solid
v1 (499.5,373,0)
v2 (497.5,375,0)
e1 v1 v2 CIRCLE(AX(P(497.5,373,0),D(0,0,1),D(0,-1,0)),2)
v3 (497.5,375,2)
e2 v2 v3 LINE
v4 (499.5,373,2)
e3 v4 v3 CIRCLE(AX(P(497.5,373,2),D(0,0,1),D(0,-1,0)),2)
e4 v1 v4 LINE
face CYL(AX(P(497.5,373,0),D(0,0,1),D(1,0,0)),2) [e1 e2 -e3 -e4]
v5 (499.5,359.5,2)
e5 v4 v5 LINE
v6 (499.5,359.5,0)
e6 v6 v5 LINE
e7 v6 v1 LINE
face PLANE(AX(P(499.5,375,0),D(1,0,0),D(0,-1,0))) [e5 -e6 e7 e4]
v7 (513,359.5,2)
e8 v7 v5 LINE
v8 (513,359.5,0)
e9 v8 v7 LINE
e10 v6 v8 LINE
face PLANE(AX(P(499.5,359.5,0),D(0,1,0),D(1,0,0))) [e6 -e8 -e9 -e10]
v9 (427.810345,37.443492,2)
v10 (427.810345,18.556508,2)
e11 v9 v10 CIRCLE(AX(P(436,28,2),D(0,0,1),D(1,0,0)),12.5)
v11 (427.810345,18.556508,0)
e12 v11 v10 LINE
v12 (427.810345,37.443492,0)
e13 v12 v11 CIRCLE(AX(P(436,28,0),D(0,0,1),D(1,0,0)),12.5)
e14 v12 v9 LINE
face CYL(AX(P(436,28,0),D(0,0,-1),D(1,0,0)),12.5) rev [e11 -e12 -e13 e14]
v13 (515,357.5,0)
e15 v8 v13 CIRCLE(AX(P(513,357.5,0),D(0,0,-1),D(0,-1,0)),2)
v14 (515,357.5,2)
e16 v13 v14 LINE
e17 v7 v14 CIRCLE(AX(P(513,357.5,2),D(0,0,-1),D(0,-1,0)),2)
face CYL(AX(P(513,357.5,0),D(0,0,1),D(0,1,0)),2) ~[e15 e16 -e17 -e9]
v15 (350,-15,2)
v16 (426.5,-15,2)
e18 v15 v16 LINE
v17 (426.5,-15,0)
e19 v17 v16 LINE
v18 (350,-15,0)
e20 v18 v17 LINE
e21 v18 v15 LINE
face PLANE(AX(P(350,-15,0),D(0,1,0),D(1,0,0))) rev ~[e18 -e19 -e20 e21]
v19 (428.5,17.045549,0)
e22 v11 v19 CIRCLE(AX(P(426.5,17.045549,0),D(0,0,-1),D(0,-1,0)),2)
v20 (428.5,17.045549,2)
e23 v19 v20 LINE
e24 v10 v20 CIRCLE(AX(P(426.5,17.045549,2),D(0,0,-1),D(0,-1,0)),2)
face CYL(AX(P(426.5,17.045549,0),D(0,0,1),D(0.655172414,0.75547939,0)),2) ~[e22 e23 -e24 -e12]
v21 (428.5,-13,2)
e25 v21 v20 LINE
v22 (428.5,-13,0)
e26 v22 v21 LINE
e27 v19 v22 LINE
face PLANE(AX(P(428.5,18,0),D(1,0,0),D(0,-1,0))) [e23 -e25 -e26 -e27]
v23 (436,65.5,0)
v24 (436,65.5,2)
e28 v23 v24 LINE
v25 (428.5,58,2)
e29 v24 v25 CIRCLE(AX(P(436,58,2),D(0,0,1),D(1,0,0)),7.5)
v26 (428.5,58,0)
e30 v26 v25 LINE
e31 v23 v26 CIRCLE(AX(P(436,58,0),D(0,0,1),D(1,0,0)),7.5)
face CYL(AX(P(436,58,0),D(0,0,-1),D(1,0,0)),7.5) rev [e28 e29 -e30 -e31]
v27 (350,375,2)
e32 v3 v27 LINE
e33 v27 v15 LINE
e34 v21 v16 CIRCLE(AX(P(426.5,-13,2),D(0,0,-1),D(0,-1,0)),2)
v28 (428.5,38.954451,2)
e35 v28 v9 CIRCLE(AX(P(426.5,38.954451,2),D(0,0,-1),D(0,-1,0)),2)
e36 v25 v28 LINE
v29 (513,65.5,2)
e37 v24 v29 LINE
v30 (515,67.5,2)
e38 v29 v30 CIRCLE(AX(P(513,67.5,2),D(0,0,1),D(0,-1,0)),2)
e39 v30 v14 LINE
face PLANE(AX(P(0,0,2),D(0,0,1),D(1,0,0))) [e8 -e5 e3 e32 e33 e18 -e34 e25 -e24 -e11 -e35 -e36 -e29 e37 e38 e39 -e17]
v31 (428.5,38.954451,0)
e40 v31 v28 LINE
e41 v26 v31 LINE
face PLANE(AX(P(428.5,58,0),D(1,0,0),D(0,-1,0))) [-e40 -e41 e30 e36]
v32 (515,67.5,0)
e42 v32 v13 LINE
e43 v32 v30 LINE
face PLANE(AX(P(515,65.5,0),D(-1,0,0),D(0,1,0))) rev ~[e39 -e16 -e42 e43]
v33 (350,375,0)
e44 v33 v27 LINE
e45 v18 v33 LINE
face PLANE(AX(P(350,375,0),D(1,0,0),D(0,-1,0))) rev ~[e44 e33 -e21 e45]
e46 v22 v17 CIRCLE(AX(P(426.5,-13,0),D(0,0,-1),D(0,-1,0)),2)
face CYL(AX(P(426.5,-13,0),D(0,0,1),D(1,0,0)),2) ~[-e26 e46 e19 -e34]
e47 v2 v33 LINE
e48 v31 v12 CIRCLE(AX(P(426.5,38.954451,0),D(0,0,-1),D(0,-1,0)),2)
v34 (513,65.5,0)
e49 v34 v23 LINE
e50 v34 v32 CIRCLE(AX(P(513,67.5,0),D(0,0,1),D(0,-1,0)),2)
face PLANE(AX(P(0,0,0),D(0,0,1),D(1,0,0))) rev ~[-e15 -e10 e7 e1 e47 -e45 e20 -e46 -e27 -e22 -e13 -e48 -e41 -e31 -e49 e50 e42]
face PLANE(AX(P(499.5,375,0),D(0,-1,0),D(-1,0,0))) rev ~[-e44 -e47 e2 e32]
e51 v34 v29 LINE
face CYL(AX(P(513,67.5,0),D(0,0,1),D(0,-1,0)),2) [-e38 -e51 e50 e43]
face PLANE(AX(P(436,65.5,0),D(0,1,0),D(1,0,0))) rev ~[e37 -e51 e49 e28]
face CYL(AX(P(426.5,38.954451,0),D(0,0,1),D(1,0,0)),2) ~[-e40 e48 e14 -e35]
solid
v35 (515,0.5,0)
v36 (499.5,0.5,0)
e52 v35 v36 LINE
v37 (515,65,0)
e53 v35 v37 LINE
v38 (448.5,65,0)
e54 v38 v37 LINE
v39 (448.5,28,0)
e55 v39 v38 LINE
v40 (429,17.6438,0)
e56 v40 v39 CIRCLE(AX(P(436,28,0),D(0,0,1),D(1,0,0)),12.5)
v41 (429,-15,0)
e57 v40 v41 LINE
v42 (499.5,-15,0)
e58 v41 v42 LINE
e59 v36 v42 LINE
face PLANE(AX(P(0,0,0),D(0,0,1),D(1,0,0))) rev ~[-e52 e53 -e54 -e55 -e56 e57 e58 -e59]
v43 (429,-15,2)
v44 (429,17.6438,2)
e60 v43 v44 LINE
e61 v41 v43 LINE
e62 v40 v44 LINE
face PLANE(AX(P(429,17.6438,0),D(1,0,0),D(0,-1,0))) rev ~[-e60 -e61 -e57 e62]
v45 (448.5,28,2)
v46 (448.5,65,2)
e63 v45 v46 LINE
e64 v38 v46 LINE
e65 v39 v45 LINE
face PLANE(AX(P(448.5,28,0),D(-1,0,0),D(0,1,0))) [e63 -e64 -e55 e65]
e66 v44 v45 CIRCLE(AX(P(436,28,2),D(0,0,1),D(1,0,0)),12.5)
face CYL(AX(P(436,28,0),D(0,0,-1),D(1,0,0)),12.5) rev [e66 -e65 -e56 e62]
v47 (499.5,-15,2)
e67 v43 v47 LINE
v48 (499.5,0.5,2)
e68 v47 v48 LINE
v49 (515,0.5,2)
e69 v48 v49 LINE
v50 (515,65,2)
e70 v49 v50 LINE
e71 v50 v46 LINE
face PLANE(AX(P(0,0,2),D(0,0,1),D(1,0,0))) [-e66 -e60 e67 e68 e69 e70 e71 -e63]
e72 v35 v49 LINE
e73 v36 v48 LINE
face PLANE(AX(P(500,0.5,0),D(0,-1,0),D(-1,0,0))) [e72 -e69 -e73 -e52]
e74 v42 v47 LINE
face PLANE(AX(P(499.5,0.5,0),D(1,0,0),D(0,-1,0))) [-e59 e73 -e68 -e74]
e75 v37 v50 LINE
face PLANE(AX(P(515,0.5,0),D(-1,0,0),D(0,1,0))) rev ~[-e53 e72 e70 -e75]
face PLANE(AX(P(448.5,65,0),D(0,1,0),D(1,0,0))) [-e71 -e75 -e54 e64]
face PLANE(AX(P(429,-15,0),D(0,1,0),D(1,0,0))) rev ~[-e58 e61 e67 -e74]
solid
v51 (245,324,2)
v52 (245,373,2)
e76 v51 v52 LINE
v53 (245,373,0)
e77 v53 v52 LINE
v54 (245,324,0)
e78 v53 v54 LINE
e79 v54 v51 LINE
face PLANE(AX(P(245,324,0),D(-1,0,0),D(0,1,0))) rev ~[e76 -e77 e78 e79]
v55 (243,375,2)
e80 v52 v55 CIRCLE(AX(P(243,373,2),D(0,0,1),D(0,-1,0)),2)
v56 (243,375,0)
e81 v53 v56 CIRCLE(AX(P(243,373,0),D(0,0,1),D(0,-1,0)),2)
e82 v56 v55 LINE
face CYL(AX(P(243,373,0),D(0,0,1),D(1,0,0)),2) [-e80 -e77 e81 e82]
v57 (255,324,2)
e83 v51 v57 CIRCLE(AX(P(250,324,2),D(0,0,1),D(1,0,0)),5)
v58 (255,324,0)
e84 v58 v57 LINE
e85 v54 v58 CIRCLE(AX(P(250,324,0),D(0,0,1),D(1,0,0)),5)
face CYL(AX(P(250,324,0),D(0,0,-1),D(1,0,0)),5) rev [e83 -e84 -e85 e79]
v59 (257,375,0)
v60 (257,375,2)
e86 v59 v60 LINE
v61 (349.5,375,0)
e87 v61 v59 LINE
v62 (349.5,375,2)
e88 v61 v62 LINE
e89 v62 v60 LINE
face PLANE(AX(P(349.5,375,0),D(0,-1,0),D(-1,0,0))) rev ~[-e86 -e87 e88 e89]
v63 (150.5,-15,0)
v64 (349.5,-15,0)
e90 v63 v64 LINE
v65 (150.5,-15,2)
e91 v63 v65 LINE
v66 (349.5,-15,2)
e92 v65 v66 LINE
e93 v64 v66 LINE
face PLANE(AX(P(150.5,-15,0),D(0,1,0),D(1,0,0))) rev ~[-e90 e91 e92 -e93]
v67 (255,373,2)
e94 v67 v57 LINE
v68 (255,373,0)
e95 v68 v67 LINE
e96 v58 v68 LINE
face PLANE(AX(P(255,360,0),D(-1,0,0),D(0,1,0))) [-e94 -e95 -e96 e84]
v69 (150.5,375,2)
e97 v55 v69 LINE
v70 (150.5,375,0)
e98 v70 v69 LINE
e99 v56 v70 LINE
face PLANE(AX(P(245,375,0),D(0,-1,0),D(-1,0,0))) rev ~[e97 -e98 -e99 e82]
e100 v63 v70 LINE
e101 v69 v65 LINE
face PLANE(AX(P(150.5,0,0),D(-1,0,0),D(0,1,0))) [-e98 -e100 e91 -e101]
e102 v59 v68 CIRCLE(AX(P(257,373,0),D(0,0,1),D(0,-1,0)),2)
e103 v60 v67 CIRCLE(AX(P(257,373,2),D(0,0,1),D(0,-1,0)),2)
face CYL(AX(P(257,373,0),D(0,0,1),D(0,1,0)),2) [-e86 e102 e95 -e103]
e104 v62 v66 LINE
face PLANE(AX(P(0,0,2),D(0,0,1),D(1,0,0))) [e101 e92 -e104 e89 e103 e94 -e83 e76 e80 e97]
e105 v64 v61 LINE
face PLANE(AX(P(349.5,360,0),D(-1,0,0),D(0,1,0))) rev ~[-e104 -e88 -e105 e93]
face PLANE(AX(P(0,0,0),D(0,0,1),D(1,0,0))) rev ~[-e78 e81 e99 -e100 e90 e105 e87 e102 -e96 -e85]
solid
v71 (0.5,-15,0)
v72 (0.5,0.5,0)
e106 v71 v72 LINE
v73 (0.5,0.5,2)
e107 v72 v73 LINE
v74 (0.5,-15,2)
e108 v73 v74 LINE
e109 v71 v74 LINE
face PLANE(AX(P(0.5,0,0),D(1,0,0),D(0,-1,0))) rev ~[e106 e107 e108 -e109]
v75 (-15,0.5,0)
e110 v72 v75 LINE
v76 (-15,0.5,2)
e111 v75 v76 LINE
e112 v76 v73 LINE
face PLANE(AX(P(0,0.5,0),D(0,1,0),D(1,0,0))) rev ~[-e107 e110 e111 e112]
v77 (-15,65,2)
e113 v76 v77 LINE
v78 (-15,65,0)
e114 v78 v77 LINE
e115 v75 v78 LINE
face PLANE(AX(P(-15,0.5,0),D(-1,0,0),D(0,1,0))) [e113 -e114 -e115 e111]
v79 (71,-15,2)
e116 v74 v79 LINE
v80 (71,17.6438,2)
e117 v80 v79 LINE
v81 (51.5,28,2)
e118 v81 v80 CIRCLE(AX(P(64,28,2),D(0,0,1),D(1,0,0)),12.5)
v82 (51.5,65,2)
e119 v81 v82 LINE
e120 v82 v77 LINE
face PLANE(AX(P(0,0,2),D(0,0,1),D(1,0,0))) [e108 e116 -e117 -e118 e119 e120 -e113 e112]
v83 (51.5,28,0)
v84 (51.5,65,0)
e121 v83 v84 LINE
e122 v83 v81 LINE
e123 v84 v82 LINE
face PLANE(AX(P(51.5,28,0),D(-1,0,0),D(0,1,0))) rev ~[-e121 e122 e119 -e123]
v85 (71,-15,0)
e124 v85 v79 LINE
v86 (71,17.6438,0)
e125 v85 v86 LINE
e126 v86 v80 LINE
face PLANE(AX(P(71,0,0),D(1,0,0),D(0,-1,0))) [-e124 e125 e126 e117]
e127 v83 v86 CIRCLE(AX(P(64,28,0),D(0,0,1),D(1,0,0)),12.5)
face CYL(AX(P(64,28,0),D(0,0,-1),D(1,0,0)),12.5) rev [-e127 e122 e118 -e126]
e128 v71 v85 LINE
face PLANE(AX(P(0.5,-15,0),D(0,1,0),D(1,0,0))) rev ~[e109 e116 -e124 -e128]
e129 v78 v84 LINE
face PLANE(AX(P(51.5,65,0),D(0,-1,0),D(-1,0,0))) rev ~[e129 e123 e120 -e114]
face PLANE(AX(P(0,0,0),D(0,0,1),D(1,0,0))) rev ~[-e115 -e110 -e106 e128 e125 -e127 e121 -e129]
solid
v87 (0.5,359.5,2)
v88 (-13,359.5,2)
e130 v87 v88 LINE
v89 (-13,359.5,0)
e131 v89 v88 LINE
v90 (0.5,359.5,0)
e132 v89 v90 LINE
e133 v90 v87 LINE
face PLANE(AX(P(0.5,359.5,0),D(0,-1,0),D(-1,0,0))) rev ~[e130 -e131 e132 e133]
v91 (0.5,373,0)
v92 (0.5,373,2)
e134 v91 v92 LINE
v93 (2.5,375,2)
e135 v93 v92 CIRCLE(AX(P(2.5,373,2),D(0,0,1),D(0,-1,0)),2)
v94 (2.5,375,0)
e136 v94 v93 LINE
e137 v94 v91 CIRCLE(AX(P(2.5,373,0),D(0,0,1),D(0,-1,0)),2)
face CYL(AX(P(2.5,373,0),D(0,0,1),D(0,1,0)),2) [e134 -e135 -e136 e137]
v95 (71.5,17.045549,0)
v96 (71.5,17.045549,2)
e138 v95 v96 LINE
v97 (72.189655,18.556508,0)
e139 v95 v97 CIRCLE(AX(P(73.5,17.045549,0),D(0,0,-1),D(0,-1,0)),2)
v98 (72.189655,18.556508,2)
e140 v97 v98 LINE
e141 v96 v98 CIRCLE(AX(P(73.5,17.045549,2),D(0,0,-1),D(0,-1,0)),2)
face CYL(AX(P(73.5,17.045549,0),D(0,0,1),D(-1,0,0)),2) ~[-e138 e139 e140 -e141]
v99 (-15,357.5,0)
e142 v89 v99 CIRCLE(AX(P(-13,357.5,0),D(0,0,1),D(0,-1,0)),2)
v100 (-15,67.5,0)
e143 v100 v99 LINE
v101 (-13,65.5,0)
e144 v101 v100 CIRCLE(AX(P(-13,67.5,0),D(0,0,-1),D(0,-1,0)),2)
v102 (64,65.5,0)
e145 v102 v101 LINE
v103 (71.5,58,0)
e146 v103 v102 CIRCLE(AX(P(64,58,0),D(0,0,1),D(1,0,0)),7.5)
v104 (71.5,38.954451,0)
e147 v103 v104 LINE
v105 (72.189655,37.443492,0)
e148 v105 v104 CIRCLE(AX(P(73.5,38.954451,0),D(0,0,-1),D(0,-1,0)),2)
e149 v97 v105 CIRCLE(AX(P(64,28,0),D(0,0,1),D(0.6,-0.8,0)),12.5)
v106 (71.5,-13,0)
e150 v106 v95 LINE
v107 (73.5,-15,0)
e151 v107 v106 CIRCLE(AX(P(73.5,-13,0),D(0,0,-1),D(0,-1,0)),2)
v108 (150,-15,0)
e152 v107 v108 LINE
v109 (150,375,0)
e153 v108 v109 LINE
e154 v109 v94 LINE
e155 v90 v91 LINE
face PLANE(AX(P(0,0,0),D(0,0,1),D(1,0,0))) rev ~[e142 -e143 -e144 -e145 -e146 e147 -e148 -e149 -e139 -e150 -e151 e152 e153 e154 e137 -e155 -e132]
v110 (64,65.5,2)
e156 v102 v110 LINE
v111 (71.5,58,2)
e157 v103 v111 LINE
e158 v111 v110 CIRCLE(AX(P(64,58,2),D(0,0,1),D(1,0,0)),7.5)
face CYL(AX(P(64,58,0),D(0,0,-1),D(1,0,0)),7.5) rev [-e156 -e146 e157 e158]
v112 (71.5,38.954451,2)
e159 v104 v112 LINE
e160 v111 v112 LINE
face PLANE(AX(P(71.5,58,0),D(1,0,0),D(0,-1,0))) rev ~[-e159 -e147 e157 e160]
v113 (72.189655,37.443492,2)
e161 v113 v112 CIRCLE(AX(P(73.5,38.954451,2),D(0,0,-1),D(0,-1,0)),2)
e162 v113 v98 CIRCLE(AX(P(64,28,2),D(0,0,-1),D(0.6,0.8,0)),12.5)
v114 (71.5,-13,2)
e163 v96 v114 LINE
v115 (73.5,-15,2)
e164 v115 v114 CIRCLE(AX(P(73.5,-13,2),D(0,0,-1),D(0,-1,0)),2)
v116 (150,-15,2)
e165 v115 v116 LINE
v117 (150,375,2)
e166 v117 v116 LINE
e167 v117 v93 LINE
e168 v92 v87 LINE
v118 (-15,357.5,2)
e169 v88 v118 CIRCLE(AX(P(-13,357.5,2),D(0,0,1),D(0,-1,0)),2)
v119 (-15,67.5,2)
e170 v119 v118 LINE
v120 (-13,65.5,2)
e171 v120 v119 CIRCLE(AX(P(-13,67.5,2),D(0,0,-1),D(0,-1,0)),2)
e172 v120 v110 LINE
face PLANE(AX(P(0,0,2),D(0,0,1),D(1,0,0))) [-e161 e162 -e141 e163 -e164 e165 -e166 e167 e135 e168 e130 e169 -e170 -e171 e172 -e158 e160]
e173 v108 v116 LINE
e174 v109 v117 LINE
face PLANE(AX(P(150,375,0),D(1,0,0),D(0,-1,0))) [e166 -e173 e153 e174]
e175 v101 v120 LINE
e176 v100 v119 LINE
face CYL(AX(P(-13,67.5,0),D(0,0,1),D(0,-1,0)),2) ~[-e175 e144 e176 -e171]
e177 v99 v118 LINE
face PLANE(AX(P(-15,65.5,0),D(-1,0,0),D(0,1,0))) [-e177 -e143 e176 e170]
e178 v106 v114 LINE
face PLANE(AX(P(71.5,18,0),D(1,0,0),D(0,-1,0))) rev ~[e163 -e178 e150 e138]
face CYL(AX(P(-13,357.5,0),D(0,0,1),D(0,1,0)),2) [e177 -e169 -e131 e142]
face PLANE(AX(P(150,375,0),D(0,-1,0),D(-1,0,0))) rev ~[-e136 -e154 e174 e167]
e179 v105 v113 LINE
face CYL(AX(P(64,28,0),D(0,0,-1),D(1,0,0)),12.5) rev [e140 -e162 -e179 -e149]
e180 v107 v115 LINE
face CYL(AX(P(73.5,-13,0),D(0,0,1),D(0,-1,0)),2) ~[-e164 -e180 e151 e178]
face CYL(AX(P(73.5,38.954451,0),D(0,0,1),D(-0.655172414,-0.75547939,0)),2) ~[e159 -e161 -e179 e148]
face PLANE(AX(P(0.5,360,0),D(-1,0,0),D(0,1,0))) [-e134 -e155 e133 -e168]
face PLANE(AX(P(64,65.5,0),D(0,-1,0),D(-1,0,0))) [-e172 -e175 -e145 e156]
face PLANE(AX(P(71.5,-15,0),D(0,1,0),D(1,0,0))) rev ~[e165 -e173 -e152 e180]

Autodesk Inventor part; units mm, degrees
ref_plane "YZ Plane" through (0, 0, 0) normal (1, 0, 0) x (0, 1, 0)
ref_plane "XZ Plane" through (0, 0, 0) normal (0, 1, 0) x (-1, 0, 0)
ref_plane "XY Plane" through (0, 0, 0) normal (0, 0, 1) x (1, 0, 0)
sketch "Sketch1" plane through (0, 0, 0) normal (0, 0, 1) x (1, 0, 0)
  line L0 (500, 375) -> (0, 375) projected
  line L1 (-15, 0) -> (-15, 360) projected
  line L2 (0, 0) -> (0, 360) projected
  line L3 (515, 0) -> (515, 360) projected
  line L4 (0, 0) -> (500, 0) projected
  line L5 (500, 0) -> (500, 360) projected
  line L6 (500, 360) -> (0, 360) projected
  line L7 (0, -15) -> (500, -15) projected
  line L8 (-15, 359.5) -> (0, 359.5)
  line L9 (0.5, 360) -> (0.5, 375)
  line L10 (0, 0.5) -> (-15, 0.5)
  line L11 (0.5, 0) -> (0.5, -15)
  line L12 (499.5, 375) -> (499.5, 360)
  line L13 (500, 359.5) -> (515, 359.5)
  line L14 (499.5, 0) -> (499.5, -15)
  line L15 (500, 0.5) -> (515, 0.5)
  line L16 (350, 375) -> (350, -15)
  line L17 (349.5, -15) -> (349.5, 375)
  line L18 (150, 375) -> (150, -15)
  line L19 (150.5, -15) -> (150.5, 375)
  circle A0 centre (250, 324) radius 3 projected
  circle A1 centre (250, 324) radius 5
  line L20 (245, 324) -> (245, 375)
  line L21 (255, 324) -> (255, 375)
  circle A2 centre (436, 58) radius 3 projected
  circle A3 centre (64, 58) radius 3 projected
  circle A4 centre (64, 58) radius 7.5
  circle A5 centre (436, 58) radius 7.5
  line L22 (64, 65.5) -> (-15, 65.5)
  line L23 (71.5, 58) -> (71.5, -15)
  line L24 (428.5, 58) -> (428.5, -15)
  line L25 (436, 65.5) -> (515, 65.5)
  circle A6 centre (436, 28) radius 6 projected
  circle A7 centre (64, 28) radius 6 projected
  circle A8 centre (64, 28) radius 12.5
  circle A9 centre (436, 28) radius 12.5
  line L26 (0.5, 360) -> (0.5, 359.5)
  line L27 (0.5, 359.5) -> (0, 359.5)
  line L28 (499.5, 360) -> (499.5, 359.5)
  line L29 (499.5, 359.5) -> (500, 359.5)
  line L30 (0, 0.5) -> (0.5, 0.5)
  line L31 (0.5, 0.5) -> (0.5, 0)
  line L32 (500, 0.5) -> (499.5, 0.5)
  line L33 (499.5, 0.5) -> (499.5, 0)
  line L34 (71, 17.6438) -> (71, -15)
  line L35 (51.5, 28) -> (51.5, 65)
  line L36 (51.5, 65) -> (-15, 65)
  line L37 (429, 17.6438) -> (429, -15)
  line L38 (448.5, 28) -> (448.5, 65)
  line L39 (448.5, 65) -> (515, 65)
  point P0 (0, 65.5)
  point P1 (71.5, 0)
  point P2 (428.5, 0)
  point P3 (500, 65.5)
  point P4 (350, 360)
  point P5 (350, 0)
  point P6 (255, 360)
  point P7 (245, 360)
  point P8 (150.5, 360)
  point P9 (150.5, 0)
  point P10 (349.5, 0)
  point P11 (349.5, 360)
  point P12 (150, 0)
  point P13 (150, 360)
  point P14 (71.5, 38)
  point P15 (71.5, 18)
  point P16 (428.5, 18)
  point P17 (428.5, 38)
  dimension "d0" = 0.5
  dimension "d1" = 0.5
  dimension "d2" = 0.5
  dimension "d3" = 0.5
  dimension "d4" = 0.5
  dimension "d5" = 0.5
  dimension "d6" = 0.5
  dimension "d7" = 0.5
  dimension "d8" = 0.5
  dimension "d9" = 0.5
  dimension "d10" = 150
  dimension "d11" = 150
  dimension "d12" = 10
  dimension "d13" = 15
  dimension "d16" = 25
  dimension "d18" = 0.5
  dimension "d19" = 0.5
  dimension "d20" = 0.5
  dimension "d21" = 0.5
extrude "Extrusion1" add sketch "Sketch1" along normal blind 2 contours L12 L6 L16 L0 | L28 L29 L5 L25 A5 L24 A9 L4 L16 L6 | L17 L6 L21 L0 | L17 L4 L19 L6 L20 A1 L21 | L4 L24 L7 L16 | L13 L3 L25 L5 | L20 L6 L19 L0 | L17 L7 L19 L4 | L37 A9 L38 L39 L5 L32 L33 L4 | L4 L14 L7 L37 | L39 L3 L15 L5 | L18 L6 L9 L0 | L18 L7 L23 L4 | L4 L23 A8 A4 L22 L2 L27 L26 L6 L18 | L34 L7 L11 L4 | L4 L31 L30 L2 L36 L35 A8 L34 | L2 L22 L1 L8 | L10 L1 L36 L2
fillet "Fillet1" radius 2 14 edges at (71.5, 38, 1) (71.5, 18, 1) (428.5, 18, 1) (428.5, 38, 1) (428.5, -15, 1) (515, 65.5, 1) (515, 359.5, 1) (499.5, 375, 1) (71.5, -15, 1) (-15, 65.5, 1) (0.5, 375, 1) (-15, 359.5, 1) (255, 375, 1) (245, 375, 1)
equation "\"d1\" = d0"
equation "\"d2\" = d0"
equation "\"d3\" = d0"
equation "\"d4\" = d0"
equation "\"d5\" = d0"
equation "\"d6\" = d0"
equation "\"d7\" = d0"
equation "\"d8\" = d0"
equation "\"d9\" = d0"
equation "\"d11\" = d10"
equation "\"d19\" = d18"
equation "\"d20\" = d18"
equation "\"d21\" = d20"
properties part number "Electronics Cover" material "Aluminum 6061"
